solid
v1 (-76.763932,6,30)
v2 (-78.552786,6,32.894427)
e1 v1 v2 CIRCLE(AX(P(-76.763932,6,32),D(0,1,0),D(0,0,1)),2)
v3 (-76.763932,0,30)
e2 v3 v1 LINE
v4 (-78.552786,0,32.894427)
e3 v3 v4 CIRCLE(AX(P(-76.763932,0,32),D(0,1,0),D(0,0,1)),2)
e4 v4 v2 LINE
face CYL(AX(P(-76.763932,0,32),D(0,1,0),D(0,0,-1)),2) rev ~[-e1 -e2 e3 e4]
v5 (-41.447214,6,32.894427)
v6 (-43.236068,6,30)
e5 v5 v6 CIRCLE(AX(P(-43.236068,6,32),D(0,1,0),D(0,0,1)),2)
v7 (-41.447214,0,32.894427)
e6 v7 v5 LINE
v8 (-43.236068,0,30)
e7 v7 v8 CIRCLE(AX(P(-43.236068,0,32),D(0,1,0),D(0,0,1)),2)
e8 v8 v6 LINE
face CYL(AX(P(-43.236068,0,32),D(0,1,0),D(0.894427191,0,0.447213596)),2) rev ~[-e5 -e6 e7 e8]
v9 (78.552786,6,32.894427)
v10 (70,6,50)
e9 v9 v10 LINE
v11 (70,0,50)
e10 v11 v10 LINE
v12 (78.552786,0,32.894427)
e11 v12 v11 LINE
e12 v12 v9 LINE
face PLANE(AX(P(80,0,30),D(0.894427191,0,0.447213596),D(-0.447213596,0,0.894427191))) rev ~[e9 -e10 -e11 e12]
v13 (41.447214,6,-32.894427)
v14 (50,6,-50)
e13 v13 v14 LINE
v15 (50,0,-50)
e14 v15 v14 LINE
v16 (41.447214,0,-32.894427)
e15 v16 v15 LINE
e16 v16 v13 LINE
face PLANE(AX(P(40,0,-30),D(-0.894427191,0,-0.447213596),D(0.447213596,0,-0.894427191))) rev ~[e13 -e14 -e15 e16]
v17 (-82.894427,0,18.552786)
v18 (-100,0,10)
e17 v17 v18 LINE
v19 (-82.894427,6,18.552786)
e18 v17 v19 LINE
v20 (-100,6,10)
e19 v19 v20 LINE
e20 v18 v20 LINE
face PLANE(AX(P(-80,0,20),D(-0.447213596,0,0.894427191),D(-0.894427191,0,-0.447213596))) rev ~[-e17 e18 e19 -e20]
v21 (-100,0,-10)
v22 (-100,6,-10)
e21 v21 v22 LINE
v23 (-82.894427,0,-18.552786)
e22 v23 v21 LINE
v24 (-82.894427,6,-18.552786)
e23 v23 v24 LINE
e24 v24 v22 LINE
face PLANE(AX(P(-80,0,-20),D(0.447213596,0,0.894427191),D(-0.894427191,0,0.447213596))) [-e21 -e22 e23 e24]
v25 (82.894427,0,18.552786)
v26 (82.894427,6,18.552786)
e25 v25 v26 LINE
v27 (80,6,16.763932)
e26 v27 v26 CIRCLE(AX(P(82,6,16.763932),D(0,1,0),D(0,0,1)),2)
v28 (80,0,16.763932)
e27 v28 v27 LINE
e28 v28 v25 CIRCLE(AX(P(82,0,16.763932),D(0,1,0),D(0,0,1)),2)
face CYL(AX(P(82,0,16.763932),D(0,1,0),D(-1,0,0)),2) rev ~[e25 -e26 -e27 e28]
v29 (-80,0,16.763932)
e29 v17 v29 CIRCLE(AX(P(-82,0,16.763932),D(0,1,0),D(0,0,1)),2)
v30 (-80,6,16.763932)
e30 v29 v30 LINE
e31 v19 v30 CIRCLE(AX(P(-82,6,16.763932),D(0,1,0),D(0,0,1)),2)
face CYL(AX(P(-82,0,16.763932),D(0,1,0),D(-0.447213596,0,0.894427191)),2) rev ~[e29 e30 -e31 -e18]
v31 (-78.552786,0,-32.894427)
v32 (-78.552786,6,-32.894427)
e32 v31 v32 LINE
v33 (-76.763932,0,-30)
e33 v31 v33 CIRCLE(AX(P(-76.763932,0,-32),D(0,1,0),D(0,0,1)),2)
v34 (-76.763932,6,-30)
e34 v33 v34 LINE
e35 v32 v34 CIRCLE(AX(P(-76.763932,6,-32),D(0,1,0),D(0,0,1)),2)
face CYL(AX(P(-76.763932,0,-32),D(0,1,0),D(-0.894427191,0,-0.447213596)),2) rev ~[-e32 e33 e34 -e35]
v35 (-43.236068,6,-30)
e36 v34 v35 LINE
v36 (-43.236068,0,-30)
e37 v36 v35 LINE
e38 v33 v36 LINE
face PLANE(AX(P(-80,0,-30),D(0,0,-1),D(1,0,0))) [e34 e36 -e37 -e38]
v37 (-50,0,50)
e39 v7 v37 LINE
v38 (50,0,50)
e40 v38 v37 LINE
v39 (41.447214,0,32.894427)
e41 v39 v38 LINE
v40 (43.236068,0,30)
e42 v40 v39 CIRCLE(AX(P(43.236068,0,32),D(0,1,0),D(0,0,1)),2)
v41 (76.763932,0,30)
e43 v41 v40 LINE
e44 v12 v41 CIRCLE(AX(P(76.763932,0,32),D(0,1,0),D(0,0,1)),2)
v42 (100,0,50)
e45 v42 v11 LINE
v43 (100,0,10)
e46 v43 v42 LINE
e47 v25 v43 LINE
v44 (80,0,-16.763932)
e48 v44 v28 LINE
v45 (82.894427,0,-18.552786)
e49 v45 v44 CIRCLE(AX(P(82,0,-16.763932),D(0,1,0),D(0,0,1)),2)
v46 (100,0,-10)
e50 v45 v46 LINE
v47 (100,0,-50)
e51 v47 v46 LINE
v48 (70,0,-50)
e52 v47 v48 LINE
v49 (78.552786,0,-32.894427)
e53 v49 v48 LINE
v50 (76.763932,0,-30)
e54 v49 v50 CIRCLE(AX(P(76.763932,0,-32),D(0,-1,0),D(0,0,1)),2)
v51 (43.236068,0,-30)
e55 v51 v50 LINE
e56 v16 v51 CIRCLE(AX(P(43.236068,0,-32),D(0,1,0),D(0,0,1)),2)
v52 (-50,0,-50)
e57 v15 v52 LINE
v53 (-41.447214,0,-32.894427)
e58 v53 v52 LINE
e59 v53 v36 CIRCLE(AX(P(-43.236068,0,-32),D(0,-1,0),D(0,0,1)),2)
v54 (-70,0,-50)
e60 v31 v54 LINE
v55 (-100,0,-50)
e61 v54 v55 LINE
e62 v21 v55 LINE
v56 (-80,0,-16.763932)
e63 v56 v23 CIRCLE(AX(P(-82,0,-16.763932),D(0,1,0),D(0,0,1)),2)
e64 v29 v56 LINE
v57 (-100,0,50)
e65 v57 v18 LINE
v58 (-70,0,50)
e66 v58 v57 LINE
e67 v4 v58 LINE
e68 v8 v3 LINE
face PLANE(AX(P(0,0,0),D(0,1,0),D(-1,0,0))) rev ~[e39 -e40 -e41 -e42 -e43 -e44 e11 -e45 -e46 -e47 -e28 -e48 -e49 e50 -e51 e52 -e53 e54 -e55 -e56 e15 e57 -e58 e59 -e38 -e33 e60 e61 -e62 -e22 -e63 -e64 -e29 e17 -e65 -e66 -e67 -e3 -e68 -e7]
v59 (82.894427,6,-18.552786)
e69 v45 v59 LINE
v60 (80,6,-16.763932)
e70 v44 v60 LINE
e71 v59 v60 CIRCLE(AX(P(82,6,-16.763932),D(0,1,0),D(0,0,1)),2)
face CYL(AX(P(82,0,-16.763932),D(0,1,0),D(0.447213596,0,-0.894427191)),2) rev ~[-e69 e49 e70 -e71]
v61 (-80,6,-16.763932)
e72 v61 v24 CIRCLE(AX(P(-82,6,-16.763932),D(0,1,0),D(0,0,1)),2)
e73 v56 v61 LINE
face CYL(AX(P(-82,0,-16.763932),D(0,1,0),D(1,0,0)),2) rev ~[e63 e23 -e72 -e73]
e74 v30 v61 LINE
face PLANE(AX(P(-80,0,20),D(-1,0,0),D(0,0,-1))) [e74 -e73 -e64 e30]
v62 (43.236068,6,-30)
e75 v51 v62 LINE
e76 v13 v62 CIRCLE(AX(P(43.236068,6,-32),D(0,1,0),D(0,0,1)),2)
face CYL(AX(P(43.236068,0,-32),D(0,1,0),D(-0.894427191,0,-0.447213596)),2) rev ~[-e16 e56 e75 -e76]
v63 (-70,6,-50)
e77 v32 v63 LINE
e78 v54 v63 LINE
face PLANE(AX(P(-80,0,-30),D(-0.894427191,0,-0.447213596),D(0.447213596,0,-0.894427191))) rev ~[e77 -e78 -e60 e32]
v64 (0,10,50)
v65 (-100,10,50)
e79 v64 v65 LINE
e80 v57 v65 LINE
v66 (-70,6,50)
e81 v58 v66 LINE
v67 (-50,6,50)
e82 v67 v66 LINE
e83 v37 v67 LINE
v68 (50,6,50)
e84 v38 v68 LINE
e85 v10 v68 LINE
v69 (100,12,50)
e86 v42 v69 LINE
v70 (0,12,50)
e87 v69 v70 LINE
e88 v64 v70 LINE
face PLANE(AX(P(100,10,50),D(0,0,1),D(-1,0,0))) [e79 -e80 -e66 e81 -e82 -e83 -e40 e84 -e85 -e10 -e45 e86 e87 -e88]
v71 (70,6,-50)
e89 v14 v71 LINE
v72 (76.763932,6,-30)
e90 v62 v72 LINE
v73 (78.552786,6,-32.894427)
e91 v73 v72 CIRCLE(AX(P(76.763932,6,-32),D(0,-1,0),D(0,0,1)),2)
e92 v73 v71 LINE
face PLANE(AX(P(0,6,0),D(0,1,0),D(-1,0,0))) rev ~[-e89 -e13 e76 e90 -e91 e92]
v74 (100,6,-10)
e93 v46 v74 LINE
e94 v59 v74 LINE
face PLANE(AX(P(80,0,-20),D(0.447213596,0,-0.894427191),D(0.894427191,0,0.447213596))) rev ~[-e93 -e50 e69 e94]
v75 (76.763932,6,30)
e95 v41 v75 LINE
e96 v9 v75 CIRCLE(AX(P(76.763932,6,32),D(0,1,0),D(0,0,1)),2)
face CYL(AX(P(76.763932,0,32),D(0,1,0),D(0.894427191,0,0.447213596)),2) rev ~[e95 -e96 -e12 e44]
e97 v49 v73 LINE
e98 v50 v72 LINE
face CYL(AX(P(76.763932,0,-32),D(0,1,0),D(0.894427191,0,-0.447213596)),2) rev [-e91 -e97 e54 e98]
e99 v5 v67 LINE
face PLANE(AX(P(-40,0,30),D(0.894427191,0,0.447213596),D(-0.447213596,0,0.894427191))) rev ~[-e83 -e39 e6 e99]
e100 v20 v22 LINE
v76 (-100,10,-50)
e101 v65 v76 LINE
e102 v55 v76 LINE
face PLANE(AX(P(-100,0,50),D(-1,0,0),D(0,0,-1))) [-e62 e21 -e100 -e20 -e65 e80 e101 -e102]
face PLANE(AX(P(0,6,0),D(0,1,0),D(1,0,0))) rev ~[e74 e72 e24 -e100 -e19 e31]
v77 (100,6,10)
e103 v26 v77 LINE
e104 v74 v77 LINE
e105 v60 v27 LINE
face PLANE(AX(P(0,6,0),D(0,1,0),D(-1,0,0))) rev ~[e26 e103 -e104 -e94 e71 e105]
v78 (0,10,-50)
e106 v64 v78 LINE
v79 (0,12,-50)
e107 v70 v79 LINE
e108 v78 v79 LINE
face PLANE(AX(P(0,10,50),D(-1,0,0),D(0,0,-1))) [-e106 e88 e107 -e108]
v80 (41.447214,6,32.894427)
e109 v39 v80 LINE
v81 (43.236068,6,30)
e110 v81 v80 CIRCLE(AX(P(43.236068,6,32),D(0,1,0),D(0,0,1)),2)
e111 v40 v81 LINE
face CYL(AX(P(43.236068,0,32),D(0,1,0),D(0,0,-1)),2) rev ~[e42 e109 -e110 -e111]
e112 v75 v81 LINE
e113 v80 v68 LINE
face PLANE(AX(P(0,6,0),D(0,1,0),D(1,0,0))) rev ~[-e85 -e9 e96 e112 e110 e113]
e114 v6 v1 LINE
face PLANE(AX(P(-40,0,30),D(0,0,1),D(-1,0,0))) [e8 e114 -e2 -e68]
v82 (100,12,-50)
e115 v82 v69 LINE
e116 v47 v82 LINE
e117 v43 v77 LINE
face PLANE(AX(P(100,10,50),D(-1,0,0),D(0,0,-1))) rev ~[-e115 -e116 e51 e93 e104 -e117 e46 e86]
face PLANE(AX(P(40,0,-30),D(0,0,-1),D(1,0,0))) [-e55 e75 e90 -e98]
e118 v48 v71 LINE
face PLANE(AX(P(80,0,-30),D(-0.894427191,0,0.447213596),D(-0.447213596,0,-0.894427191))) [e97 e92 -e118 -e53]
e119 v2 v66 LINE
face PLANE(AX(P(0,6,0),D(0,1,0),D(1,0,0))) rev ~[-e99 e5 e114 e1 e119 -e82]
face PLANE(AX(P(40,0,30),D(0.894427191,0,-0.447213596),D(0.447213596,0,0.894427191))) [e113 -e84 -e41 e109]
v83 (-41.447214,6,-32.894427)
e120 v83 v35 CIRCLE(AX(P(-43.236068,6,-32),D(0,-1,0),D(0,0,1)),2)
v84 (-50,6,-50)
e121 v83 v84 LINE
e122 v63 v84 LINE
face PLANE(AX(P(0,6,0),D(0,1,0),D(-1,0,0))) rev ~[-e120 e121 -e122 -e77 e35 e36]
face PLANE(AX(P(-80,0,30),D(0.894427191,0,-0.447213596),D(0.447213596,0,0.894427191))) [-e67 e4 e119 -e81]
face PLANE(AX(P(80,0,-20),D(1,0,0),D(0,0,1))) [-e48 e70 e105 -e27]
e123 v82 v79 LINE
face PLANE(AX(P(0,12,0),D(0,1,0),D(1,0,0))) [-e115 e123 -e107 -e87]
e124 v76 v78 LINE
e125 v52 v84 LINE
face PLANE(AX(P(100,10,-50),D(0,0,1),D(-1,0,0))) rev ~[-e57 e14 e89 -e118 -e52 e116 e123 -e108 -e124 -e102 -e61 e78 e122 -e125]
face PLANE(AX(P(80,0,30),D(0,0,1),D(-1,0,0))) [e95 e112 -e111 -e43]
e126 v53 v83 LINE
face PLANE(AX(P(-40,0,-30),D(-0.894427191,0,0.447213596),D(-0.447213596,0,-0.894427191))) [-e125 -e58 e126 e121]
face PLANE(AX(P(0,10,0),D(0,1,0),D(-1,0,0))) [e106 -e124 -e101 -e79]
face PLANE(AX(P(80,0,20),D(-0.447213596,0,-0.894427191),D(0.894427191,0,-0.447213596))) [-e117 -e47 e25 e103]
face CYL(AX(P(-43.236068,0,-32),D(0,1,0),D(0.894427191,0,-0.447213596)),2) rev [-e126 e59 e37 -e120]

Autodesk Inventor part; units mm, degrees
ref_plane "YZ Plane" through (0, 0, 0) normal (1, 0, 0) x (0, 1, 0)
ref_plane "XZ Plane" through (0, 0, 0) normal (0, 1, 0) x (-1, 0, 0)
ref_plane "XY Plane" through (0, 0, 0) normal (0, 0, 1) x (1, 0, 0)
sketch "Sketch1" plane through (0, 0, 0) normal (0, 1, 0) x (-1, 0, 0)
  line L0 (100, -50) -> (-100, -50)
  line L1 (-100, -50) -> (-100, 50)
  line L2 (-100, 50) -> (100, 50)
  line L3 (100, 50) -> (100, -50)
  line L4 (100, -50) -> (-100, 50) construction
  line L5 (-100, -50) -> (100, 50) construction
  line L6 (-40, -30) -> (-80, -30)
  line L7 (-50, -50) -> (-70, -50)
  line L8 (-40, -30) -> (-50, -50)
  line L9 (-80, -30) -> (-70, -50)
  line L10 (80, -30) -> (40, -30)
  line L11 (70, -50) -> (50, -50)
  line L12 (80, -30) -> (70, -50)
  line L13 (40, -30) -> (50, -50)
  line L14 (-100, -10) -> (-100, 10)
  line L15 (-80, -20) -> (-80, 20)
  line L16 (-80, -20) -> (-100, -10)
  line L17 (-80, 20) -> (-100, 10)
  point P0 (0, 0)
  point P1 (-100, 10)
  point P2 (-100, -10)
  point P3 (-70, -50)
  point P4 (-50, -50)
  point P5 (70, -50)
  point P6 (0, 0)
  point P7 (0, 0)
  dimension "d72" = 200
  dimension "d73" = 100
  dimension "d78" = 20
  dimension "d79" = 40
  dimension "d80" = 20
  dimension "d81" = 10
  dimension "d82" = 20
  dimension "d83" = 40
  dimension "d84" = 20
  dimension "d85" = 10
  dimension "d86" = 120
  dimension "d87" = 30
  dimension "d88" = 0
  dimension "d89" = 0
  dimension "d90" = 40
  dimension "d91" = 20
  dimension "d92" = 20
  dimension "d93" = 10
  dimension "d94" = 40
  dimension "d95" = 0
extrude "Extrusion17" add sketch "Sketch1" along normal blind 10
extrude "Extrusion18" cut sketch "Sketch1" along normal blind 6 contours L0 L13 L10 L12 | L0 L9 L6 L8 | L17 L15 L16 L1
pattern_circular "Circular Pattern5" count 2 over 360 about axis through (0, -10, 0) along (0, 1, 0) of "Extrusion18"
fillet "Fillet6" radius 2 12 edges at (80, 3, -30) (40, 3, -30) (-40, 3, -30) (-80, 3, -30) (-80, 3, -20) (-80, 3, 20) (-80, 3, 30) (-40, 3, 30) (40, 3, 30) (80, 3, 30) (80, 3, 20) (80, 3, -20)
sketch "Sketch5" plane through (0, 10, 0) normal (0, 1, 0) x (1, 0, 0)
  line L0 (100, -50) -> (100, -10) projected
  line L1 (100, 50) -> (-100, 50) projected
  line L2 (100, -50) -> (0, -50)
  line L3 (0, -50) -> (0, 50)
  line L4 (0, 50) -> (100, 50)
  line L5 (100, 50) -> (100, -50)
  point P0 (0, 0)
extrude "Extrusion19" add sketch "Sketch5" along normal blind 2
properties part number "Test2_3DPrint"
